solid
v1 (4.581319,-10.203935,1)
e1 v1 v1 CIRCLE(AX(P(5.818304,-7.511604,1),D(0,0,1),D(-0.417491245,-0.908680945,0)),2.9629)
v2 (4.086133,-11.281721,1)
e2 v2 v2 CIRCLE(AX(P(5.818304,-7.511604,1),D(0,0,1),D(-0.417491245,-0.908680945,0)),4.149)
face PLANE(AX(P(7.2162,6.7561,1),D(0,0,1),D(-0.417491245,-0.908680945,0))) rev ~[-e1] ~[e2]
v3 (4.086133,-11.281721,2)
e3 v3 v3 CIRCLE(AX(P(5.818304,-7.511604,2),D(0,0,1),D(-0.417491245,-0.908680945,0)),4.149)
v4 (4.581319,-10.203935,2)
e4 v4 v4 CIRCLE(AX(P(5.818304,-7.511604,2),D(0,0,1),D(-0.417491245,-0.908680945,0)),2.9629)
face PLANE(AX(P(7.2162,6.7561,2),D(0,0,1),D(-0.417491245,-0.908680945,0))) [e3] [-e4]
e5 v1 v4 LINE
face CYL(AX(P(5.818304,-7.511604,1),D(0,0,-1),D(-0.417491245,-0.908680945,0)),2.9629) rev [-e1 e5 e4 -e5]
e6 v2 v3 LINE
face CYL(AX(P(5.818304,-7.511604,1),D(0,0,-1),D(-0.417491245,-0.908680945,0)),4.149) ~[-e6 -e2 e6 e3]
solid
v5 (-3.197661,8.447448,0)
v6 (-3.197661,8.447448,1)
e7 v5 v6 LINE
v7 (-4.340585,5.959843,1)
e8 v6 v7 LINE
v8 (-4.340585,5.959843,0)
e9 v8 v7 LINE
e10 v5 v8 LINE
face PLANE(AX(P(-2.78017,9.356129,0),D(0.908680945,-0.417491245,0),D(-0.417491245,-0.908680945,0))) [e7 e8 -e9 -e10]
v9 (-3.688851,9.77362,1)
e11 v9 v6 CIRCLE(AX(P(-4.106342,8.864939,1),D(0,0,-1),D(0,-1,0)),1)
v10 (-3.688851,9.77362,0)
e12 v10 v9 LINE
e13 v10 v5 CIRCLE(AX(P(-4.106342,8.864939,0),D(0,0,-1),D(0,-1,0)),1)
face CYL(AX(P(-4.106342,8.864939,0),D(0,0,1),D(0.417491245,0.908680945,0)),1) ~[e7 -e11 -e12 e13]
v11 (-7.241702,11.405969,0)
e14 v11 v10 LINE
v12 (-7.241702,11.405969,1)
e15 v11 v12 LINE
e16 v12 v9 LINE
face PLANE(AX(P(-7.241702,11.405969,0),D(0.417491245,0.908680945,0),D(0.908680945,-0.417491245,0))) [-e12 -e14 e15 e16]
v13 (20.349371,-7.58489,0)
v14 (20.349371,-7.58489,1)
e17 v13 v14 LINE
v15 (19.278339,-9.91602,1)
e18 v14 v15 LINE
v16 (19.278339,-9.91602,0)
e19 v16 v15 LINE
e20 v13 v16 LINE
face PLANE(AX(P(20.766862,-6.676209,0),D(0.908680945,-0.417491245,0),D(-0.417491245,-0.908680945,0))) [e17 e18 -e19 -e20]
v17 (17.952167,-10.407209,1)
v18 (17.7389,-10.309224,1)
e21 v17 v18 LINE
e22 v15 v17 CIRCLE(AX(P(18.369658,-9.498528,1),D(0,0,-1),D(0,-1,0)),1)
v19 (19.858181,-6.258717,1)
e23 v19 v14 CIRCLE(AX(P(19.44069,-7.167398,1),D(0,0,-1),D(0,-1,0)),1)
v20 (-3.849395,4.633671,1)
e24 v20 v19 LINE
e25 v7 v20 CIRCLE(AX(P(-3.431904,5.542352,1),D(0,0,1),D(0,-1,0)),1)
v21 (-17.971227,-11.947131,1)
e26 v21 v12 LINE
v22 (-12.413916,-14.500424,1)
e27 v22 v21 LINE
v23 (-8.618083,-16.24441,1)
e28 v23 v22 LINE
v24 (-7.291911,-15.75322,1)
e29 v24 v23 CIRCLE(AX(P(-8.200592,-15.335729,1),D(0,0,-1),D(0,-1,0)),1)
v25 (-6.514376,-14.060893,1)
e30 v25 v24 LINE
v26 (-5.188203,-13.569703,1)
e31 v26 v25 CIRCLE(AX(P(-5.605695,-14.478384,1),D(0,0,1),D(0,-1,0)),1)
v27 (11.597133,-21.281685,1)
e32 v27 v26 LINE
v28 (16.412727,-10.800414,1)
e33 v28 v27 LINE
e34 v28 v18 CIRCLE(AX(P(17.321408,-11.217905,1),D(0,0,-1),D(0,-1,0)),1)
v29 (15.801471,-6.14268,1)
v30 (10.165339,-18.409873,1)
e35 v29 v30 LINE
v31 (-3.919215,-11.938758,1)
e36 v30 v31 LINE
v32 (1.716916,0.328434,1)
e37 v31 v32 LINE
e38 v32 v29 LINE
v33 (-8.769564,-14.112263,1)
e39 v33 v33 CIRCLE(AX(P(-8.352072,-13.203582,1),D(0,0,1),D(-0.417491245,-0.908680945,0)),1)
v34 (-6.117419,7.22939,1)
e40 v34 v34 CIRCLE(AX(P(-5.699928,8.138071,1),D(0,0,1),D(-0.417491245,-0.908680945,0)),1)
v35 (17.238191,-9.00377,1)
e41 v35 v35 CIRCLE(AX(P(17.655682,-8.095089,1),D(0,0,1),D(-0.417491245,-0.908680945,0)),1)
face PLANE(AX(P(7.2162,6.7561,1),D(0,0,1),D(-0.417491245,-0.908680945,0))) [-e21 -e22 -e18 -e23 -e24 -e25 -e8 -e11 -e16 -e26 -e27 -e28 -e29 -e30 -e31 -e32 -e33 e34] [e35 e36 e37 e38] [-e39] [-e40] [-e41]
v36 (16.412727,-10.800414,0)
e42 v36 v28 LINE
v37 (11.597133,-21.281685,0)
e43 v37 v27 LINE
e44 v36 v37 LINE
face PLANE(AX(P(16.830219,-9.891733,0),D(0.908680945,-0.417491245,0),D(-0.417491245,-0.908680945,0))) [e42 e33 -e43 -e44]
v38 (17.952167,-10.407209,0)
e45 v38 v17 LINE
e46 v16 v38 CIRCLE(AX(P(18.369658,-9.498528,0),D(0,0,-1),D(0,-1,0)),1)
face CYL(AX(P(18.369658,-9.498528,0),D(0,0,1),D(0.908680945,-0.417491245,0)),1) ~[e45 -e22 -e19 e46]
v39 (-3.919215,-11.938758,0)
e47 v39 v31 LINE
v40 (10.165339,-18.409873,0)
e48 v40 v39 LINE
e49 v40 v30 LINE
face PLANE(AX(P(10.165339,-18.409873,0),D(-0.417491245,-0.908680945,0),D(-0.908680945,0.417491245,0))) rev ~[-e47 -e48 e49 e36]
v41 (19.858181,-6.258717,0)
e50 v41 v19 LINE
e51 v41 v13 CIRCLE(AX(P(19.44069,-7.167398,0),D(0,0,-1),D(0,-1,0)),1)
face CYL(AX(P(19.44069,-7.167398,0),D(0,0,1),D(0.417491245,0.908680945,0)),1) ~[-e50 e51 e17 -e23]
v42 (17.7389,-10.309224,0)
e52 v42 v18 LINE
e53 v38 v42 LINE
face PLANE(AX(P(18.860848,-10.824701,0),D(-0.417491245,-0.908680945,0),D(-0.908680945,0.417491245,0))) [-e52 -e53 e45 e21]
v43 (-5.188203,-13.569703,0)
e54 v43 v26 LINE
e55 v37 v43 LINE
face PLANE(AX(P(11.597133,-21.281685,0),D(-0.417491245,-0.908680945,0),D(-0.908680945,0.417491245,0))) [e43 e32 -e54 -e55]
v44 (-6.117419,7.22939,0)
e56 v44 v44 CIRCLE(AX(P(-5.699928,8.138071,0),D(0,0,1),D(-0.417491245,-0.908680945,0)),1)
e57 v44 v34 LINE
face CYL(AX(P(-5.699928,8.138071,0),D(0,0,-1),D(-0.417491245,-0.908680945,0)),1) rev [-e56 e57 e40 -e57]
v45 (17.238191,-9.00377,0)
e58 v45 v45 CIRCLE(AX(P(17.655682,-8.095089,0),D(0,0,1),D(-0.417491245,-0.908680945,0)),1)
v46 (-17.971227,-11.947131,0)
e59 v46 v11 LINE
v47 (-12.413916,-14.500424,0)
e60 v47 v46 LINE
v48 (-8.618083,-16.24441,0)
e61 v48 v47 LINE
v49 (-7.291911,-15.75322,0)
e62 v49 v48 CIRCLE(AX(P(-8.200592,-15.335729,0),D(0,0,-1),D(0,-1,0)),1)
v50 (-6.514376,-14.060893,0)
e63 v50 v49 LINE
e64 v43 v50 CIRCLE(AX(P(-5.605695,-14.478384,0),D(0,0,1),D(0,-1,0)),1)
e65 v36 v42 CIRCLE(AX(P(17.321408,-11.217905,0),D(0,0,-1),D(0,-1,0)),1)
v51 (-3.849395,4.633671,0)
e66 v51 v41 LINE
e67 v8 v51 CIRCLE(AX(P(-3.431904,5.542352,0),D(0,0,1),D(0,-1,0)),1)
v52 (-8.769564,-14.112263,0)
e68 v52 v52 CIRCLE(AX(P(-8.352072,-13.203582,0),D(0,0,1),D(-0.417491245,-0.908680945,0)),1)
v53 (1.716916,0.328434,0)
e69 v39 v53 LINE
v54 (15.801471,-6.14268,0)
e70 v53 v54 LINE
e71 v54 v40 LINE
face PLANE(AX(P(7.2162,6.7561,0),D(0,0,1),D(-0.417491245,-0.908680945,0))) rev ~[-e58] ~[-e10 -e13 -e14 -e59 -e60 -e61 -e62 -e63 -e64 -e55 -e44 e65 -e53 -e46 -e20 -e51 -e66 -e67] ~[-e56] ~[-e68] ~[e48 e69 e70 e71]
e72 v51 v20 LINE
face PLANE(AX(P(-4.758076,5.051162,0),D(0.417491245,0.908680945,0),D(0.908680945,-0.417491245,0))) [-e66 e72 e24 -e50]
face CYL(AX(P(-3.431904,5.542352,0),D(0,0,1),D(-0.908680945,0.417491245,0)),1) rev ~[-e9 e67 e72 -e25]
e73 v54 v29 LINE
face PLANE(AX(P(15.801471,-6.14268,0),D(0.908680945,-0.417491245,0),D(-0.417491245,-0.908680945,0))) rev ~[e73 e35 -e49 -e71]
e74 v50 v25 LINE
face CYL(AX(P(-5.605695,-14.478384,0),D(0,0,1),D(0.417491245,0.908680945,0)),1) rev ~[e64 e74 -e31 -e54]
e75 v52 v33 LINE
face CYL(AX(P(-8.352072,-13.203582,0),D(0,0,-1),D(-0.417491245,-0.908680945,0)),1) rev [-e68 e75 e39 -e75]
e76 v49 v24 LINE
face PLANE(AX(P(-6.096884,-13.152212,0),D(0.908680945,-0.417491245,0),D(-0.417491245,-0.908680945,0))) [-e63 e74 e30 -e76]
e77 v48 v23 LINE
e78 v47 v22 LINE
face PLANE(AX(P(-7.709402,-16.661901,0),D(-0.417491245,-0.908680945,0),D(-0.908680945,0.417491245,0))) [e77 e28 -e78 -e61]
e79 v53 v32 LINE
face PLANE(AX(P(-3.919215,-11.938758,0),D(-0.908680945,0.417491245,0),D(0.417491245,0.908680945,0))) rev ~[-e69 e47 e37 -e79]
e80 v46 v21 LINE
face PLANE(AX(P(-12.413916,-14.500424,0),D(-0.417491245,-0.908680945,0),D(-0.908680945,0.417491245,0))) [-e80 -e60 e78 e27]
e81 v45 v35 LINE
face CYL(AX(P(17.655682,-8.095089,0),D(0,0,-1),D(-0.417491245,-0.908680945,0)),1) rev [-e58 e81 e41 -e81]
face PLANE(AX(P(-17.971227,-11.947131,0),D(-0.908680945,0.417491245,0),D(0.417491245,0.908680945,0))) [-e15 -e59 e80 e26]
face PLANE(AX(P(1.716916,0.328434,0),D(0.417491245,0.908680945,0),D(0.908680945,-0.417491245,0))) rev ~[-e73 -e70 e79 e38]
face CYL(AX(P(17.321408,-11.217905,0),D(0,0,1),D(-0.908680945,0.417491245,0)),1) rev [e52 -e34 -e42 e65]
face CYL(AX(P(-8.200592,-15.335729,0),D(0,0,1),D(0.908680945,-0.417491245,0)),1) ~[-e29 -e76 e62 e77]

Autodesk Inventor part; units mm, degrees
ref_plane "YZ Plane" through (0, 0, 0) normal (1, 0, 0) x (0, 1, 0)
ref_plane "XZ Plane" through (0, 0, 0) normal (0, 1, 0) x (-1, 0, 0)
ref_plane "XY Plane" through (0, 0, 0) normal (0, 0, 1) x (1, 0, 0)
ref_plane "Work Plane1" through (7.2162, 6.7561, 0) normal (0, 0, 1) x (-0.4175, -0.9087, 0)
sketch "Sketch1" plane through (7.2162, 6.7561, 0) normal (0, 0, 1) x (-0.4175, -0.9087, 0)
  circle A0 centre (9.1366, 15.6864) radius 1
  circle A1 centre (24.6366, -5.8136) radius 1
  circle A2 centre (4.1366, -12.3136) radius 1
  line L0 (21.6366, -2.3136) -> (8.1366, -2.3136)
  line L1 (8.1366, -2.3136) -> (8.1366, 13.1864)
  line L2 (8.1366, 13.1864) -> (21.6366, 13.1864)
  line L3 (21.6366, 13.1864) -> (21.6366, -2.3136)
  line L4 (11.1138, 15.6864) -> (23.6484, 15.6864)
  line L5 (23.6484, 15.6864) -> (23.6484, -3.7858)
  line L6 (23.6484, -3.7858) -> (27.5108, -3.7858)
  line L7 (27.5108, -3.7858) -> (27.5108, -8.9631)
  line L8 (27.5108, -8.9631) -> (27.5108, -15.0789)
  line L9 (27.5108, -15.0789) -> (1.8108, -15.0789)
  line L10 (1.8108, -15.0789) -> (1.8108, -10.169)
  line L11 (1.8108, -10.169) -> (6.5484, -10.169)
  line L12 (6.5484, -10.169) -> (6.5484, 17.9211)
  line L13 (6.5484, 17.9211) -> (11.1138, 17.9211)
  line L14 (11.1138, 17.9211) -> (11.1138, 15.6864)
  point P0 (9.1519, -3.7364)
  dimension "d0" = 2
  dimension "d1" = 2
  dimension "d2" = 2
  dimension "d3" = 28
  dimension "d5" = 15.5
  dimension "d6" = 5
  dimension "d7" = 21.5
  dimension "d8" = 20.5
  dimension "d9" = 2.5
  dimension "d10" = 1
  dimension "d11" = 3.5
  dimension "d12" = 3
  dimension "d13" = 33
  dimension "d14" = 25.7
  dimension "d15" = 17.1
extrude "Extrusion1" add sketch "Sketch1" along normal blind 1
fillet "Fillet1" radius 1 7 edges at (20.7666, -6.6764, 0.5) (18.8605, -10.8249, 0.5) (16.83, -9.8919, 0.5) (-6.0973, -13.1521, 0.5) (-7.7098, -16.6617, 0.5) (-2.7802, 9.3562, 0.5) (-4.7582, 5.0513, 0.5)
sketch "Sketch2" plane through (7.2162, 6.7561, 1) normal (0, 0, 1) x (-0.4175, -0.9087, 0)
  circle A0 centre (13.5484, 4.6864) radius 4.149
  circle A1 centre (13.5484, 4.6864) radius 2.9629
  arc A2 (2.8108, -10.169) -> (1.8108, -11.169) centre (2.8108, -11.169) ccw projected
  line L0 (1.8108, -11.169) -> (1.8108, -15.0789) projected
  line L1 (1.8108, -15.0789) -> (27.5108, -15.0789) projected
  line L2 (27.5108, -15.0789) -> (27.5108, -4.7858) projected
  arc A3 (27.5108, -4.7858) -> (26.5108, -3.7858) centre (26.5108, -4.7858) ccw projected
  line L3 (26.5108, -3.7858) -> (24.6484, -3.7858) projected
  arc A4 (23.6484, -2.7858) -> (24.6484, -3.7858) centre (24.6484, -2.7858) ccw projected
  line L4 (23.6484, -2.7858) -> (23.6484, 15.6864) projected
  line L5 (23.6484, 15.6864) -> (12.1138, 15.6864) projected
  arc A5 (11.1138, 16.6864) -> (12.1138, 15.6864) centre (12.1138, 16.6864) ccw projected
  line L6 (11.1138, 16.6864) -> (11.1138, 16.9211) projected
  arc A6 (11.1138, 16.9211) -> (10.1138, 17.9211) centre (10.1138, 16.9211) ccw projected
  line L7 (10.1138, 17.9211) -> (7.5484, 17.9211) projected
  arc A7 (7.5484, 17.9211) -> (6.5484, 16.9211) centre (7.5484, 16.9211) ccw projected
  line L8 (6.5484, 16.9211) -> (6.5484, -9.169) projected
  arc A8 (5.5484, -10.169) -> (6.5484, -9.169) centre (5.5484, -9.169) ccw projected
  line L9 (5.5484, -10.169) -> (2.8108, -10.169) projected
  line L10 (8.1366, -2.3136) -> (8.1366, 13.1864) projected
  line L11 (8.1366, 13.1864) -> (21.6366, 13.1864) projected
  line L12 (21.6366, 13.1864) -> (21.6366, -2.3136) projected
  line L13 (21.6366, -2.3136) -> (8.1366, -2.3136) projected
  circle A9 centre (4.1366, -12.3136) radius 1 projected
  circle A10 centre (24.6366, -5.8136) radius 1 projected
  circle A11 centre (9.1366, 15.6864) radius 1 projected
  point P0 (9.1519, -3.7364)
  dimension "d19" = 11
  dimension "d20" = 7
extrude "Extrusion2" add sketch "Sketch2" along normal blind 1 contours A0
properties part number "00_KES400_Bluray_Lens"
